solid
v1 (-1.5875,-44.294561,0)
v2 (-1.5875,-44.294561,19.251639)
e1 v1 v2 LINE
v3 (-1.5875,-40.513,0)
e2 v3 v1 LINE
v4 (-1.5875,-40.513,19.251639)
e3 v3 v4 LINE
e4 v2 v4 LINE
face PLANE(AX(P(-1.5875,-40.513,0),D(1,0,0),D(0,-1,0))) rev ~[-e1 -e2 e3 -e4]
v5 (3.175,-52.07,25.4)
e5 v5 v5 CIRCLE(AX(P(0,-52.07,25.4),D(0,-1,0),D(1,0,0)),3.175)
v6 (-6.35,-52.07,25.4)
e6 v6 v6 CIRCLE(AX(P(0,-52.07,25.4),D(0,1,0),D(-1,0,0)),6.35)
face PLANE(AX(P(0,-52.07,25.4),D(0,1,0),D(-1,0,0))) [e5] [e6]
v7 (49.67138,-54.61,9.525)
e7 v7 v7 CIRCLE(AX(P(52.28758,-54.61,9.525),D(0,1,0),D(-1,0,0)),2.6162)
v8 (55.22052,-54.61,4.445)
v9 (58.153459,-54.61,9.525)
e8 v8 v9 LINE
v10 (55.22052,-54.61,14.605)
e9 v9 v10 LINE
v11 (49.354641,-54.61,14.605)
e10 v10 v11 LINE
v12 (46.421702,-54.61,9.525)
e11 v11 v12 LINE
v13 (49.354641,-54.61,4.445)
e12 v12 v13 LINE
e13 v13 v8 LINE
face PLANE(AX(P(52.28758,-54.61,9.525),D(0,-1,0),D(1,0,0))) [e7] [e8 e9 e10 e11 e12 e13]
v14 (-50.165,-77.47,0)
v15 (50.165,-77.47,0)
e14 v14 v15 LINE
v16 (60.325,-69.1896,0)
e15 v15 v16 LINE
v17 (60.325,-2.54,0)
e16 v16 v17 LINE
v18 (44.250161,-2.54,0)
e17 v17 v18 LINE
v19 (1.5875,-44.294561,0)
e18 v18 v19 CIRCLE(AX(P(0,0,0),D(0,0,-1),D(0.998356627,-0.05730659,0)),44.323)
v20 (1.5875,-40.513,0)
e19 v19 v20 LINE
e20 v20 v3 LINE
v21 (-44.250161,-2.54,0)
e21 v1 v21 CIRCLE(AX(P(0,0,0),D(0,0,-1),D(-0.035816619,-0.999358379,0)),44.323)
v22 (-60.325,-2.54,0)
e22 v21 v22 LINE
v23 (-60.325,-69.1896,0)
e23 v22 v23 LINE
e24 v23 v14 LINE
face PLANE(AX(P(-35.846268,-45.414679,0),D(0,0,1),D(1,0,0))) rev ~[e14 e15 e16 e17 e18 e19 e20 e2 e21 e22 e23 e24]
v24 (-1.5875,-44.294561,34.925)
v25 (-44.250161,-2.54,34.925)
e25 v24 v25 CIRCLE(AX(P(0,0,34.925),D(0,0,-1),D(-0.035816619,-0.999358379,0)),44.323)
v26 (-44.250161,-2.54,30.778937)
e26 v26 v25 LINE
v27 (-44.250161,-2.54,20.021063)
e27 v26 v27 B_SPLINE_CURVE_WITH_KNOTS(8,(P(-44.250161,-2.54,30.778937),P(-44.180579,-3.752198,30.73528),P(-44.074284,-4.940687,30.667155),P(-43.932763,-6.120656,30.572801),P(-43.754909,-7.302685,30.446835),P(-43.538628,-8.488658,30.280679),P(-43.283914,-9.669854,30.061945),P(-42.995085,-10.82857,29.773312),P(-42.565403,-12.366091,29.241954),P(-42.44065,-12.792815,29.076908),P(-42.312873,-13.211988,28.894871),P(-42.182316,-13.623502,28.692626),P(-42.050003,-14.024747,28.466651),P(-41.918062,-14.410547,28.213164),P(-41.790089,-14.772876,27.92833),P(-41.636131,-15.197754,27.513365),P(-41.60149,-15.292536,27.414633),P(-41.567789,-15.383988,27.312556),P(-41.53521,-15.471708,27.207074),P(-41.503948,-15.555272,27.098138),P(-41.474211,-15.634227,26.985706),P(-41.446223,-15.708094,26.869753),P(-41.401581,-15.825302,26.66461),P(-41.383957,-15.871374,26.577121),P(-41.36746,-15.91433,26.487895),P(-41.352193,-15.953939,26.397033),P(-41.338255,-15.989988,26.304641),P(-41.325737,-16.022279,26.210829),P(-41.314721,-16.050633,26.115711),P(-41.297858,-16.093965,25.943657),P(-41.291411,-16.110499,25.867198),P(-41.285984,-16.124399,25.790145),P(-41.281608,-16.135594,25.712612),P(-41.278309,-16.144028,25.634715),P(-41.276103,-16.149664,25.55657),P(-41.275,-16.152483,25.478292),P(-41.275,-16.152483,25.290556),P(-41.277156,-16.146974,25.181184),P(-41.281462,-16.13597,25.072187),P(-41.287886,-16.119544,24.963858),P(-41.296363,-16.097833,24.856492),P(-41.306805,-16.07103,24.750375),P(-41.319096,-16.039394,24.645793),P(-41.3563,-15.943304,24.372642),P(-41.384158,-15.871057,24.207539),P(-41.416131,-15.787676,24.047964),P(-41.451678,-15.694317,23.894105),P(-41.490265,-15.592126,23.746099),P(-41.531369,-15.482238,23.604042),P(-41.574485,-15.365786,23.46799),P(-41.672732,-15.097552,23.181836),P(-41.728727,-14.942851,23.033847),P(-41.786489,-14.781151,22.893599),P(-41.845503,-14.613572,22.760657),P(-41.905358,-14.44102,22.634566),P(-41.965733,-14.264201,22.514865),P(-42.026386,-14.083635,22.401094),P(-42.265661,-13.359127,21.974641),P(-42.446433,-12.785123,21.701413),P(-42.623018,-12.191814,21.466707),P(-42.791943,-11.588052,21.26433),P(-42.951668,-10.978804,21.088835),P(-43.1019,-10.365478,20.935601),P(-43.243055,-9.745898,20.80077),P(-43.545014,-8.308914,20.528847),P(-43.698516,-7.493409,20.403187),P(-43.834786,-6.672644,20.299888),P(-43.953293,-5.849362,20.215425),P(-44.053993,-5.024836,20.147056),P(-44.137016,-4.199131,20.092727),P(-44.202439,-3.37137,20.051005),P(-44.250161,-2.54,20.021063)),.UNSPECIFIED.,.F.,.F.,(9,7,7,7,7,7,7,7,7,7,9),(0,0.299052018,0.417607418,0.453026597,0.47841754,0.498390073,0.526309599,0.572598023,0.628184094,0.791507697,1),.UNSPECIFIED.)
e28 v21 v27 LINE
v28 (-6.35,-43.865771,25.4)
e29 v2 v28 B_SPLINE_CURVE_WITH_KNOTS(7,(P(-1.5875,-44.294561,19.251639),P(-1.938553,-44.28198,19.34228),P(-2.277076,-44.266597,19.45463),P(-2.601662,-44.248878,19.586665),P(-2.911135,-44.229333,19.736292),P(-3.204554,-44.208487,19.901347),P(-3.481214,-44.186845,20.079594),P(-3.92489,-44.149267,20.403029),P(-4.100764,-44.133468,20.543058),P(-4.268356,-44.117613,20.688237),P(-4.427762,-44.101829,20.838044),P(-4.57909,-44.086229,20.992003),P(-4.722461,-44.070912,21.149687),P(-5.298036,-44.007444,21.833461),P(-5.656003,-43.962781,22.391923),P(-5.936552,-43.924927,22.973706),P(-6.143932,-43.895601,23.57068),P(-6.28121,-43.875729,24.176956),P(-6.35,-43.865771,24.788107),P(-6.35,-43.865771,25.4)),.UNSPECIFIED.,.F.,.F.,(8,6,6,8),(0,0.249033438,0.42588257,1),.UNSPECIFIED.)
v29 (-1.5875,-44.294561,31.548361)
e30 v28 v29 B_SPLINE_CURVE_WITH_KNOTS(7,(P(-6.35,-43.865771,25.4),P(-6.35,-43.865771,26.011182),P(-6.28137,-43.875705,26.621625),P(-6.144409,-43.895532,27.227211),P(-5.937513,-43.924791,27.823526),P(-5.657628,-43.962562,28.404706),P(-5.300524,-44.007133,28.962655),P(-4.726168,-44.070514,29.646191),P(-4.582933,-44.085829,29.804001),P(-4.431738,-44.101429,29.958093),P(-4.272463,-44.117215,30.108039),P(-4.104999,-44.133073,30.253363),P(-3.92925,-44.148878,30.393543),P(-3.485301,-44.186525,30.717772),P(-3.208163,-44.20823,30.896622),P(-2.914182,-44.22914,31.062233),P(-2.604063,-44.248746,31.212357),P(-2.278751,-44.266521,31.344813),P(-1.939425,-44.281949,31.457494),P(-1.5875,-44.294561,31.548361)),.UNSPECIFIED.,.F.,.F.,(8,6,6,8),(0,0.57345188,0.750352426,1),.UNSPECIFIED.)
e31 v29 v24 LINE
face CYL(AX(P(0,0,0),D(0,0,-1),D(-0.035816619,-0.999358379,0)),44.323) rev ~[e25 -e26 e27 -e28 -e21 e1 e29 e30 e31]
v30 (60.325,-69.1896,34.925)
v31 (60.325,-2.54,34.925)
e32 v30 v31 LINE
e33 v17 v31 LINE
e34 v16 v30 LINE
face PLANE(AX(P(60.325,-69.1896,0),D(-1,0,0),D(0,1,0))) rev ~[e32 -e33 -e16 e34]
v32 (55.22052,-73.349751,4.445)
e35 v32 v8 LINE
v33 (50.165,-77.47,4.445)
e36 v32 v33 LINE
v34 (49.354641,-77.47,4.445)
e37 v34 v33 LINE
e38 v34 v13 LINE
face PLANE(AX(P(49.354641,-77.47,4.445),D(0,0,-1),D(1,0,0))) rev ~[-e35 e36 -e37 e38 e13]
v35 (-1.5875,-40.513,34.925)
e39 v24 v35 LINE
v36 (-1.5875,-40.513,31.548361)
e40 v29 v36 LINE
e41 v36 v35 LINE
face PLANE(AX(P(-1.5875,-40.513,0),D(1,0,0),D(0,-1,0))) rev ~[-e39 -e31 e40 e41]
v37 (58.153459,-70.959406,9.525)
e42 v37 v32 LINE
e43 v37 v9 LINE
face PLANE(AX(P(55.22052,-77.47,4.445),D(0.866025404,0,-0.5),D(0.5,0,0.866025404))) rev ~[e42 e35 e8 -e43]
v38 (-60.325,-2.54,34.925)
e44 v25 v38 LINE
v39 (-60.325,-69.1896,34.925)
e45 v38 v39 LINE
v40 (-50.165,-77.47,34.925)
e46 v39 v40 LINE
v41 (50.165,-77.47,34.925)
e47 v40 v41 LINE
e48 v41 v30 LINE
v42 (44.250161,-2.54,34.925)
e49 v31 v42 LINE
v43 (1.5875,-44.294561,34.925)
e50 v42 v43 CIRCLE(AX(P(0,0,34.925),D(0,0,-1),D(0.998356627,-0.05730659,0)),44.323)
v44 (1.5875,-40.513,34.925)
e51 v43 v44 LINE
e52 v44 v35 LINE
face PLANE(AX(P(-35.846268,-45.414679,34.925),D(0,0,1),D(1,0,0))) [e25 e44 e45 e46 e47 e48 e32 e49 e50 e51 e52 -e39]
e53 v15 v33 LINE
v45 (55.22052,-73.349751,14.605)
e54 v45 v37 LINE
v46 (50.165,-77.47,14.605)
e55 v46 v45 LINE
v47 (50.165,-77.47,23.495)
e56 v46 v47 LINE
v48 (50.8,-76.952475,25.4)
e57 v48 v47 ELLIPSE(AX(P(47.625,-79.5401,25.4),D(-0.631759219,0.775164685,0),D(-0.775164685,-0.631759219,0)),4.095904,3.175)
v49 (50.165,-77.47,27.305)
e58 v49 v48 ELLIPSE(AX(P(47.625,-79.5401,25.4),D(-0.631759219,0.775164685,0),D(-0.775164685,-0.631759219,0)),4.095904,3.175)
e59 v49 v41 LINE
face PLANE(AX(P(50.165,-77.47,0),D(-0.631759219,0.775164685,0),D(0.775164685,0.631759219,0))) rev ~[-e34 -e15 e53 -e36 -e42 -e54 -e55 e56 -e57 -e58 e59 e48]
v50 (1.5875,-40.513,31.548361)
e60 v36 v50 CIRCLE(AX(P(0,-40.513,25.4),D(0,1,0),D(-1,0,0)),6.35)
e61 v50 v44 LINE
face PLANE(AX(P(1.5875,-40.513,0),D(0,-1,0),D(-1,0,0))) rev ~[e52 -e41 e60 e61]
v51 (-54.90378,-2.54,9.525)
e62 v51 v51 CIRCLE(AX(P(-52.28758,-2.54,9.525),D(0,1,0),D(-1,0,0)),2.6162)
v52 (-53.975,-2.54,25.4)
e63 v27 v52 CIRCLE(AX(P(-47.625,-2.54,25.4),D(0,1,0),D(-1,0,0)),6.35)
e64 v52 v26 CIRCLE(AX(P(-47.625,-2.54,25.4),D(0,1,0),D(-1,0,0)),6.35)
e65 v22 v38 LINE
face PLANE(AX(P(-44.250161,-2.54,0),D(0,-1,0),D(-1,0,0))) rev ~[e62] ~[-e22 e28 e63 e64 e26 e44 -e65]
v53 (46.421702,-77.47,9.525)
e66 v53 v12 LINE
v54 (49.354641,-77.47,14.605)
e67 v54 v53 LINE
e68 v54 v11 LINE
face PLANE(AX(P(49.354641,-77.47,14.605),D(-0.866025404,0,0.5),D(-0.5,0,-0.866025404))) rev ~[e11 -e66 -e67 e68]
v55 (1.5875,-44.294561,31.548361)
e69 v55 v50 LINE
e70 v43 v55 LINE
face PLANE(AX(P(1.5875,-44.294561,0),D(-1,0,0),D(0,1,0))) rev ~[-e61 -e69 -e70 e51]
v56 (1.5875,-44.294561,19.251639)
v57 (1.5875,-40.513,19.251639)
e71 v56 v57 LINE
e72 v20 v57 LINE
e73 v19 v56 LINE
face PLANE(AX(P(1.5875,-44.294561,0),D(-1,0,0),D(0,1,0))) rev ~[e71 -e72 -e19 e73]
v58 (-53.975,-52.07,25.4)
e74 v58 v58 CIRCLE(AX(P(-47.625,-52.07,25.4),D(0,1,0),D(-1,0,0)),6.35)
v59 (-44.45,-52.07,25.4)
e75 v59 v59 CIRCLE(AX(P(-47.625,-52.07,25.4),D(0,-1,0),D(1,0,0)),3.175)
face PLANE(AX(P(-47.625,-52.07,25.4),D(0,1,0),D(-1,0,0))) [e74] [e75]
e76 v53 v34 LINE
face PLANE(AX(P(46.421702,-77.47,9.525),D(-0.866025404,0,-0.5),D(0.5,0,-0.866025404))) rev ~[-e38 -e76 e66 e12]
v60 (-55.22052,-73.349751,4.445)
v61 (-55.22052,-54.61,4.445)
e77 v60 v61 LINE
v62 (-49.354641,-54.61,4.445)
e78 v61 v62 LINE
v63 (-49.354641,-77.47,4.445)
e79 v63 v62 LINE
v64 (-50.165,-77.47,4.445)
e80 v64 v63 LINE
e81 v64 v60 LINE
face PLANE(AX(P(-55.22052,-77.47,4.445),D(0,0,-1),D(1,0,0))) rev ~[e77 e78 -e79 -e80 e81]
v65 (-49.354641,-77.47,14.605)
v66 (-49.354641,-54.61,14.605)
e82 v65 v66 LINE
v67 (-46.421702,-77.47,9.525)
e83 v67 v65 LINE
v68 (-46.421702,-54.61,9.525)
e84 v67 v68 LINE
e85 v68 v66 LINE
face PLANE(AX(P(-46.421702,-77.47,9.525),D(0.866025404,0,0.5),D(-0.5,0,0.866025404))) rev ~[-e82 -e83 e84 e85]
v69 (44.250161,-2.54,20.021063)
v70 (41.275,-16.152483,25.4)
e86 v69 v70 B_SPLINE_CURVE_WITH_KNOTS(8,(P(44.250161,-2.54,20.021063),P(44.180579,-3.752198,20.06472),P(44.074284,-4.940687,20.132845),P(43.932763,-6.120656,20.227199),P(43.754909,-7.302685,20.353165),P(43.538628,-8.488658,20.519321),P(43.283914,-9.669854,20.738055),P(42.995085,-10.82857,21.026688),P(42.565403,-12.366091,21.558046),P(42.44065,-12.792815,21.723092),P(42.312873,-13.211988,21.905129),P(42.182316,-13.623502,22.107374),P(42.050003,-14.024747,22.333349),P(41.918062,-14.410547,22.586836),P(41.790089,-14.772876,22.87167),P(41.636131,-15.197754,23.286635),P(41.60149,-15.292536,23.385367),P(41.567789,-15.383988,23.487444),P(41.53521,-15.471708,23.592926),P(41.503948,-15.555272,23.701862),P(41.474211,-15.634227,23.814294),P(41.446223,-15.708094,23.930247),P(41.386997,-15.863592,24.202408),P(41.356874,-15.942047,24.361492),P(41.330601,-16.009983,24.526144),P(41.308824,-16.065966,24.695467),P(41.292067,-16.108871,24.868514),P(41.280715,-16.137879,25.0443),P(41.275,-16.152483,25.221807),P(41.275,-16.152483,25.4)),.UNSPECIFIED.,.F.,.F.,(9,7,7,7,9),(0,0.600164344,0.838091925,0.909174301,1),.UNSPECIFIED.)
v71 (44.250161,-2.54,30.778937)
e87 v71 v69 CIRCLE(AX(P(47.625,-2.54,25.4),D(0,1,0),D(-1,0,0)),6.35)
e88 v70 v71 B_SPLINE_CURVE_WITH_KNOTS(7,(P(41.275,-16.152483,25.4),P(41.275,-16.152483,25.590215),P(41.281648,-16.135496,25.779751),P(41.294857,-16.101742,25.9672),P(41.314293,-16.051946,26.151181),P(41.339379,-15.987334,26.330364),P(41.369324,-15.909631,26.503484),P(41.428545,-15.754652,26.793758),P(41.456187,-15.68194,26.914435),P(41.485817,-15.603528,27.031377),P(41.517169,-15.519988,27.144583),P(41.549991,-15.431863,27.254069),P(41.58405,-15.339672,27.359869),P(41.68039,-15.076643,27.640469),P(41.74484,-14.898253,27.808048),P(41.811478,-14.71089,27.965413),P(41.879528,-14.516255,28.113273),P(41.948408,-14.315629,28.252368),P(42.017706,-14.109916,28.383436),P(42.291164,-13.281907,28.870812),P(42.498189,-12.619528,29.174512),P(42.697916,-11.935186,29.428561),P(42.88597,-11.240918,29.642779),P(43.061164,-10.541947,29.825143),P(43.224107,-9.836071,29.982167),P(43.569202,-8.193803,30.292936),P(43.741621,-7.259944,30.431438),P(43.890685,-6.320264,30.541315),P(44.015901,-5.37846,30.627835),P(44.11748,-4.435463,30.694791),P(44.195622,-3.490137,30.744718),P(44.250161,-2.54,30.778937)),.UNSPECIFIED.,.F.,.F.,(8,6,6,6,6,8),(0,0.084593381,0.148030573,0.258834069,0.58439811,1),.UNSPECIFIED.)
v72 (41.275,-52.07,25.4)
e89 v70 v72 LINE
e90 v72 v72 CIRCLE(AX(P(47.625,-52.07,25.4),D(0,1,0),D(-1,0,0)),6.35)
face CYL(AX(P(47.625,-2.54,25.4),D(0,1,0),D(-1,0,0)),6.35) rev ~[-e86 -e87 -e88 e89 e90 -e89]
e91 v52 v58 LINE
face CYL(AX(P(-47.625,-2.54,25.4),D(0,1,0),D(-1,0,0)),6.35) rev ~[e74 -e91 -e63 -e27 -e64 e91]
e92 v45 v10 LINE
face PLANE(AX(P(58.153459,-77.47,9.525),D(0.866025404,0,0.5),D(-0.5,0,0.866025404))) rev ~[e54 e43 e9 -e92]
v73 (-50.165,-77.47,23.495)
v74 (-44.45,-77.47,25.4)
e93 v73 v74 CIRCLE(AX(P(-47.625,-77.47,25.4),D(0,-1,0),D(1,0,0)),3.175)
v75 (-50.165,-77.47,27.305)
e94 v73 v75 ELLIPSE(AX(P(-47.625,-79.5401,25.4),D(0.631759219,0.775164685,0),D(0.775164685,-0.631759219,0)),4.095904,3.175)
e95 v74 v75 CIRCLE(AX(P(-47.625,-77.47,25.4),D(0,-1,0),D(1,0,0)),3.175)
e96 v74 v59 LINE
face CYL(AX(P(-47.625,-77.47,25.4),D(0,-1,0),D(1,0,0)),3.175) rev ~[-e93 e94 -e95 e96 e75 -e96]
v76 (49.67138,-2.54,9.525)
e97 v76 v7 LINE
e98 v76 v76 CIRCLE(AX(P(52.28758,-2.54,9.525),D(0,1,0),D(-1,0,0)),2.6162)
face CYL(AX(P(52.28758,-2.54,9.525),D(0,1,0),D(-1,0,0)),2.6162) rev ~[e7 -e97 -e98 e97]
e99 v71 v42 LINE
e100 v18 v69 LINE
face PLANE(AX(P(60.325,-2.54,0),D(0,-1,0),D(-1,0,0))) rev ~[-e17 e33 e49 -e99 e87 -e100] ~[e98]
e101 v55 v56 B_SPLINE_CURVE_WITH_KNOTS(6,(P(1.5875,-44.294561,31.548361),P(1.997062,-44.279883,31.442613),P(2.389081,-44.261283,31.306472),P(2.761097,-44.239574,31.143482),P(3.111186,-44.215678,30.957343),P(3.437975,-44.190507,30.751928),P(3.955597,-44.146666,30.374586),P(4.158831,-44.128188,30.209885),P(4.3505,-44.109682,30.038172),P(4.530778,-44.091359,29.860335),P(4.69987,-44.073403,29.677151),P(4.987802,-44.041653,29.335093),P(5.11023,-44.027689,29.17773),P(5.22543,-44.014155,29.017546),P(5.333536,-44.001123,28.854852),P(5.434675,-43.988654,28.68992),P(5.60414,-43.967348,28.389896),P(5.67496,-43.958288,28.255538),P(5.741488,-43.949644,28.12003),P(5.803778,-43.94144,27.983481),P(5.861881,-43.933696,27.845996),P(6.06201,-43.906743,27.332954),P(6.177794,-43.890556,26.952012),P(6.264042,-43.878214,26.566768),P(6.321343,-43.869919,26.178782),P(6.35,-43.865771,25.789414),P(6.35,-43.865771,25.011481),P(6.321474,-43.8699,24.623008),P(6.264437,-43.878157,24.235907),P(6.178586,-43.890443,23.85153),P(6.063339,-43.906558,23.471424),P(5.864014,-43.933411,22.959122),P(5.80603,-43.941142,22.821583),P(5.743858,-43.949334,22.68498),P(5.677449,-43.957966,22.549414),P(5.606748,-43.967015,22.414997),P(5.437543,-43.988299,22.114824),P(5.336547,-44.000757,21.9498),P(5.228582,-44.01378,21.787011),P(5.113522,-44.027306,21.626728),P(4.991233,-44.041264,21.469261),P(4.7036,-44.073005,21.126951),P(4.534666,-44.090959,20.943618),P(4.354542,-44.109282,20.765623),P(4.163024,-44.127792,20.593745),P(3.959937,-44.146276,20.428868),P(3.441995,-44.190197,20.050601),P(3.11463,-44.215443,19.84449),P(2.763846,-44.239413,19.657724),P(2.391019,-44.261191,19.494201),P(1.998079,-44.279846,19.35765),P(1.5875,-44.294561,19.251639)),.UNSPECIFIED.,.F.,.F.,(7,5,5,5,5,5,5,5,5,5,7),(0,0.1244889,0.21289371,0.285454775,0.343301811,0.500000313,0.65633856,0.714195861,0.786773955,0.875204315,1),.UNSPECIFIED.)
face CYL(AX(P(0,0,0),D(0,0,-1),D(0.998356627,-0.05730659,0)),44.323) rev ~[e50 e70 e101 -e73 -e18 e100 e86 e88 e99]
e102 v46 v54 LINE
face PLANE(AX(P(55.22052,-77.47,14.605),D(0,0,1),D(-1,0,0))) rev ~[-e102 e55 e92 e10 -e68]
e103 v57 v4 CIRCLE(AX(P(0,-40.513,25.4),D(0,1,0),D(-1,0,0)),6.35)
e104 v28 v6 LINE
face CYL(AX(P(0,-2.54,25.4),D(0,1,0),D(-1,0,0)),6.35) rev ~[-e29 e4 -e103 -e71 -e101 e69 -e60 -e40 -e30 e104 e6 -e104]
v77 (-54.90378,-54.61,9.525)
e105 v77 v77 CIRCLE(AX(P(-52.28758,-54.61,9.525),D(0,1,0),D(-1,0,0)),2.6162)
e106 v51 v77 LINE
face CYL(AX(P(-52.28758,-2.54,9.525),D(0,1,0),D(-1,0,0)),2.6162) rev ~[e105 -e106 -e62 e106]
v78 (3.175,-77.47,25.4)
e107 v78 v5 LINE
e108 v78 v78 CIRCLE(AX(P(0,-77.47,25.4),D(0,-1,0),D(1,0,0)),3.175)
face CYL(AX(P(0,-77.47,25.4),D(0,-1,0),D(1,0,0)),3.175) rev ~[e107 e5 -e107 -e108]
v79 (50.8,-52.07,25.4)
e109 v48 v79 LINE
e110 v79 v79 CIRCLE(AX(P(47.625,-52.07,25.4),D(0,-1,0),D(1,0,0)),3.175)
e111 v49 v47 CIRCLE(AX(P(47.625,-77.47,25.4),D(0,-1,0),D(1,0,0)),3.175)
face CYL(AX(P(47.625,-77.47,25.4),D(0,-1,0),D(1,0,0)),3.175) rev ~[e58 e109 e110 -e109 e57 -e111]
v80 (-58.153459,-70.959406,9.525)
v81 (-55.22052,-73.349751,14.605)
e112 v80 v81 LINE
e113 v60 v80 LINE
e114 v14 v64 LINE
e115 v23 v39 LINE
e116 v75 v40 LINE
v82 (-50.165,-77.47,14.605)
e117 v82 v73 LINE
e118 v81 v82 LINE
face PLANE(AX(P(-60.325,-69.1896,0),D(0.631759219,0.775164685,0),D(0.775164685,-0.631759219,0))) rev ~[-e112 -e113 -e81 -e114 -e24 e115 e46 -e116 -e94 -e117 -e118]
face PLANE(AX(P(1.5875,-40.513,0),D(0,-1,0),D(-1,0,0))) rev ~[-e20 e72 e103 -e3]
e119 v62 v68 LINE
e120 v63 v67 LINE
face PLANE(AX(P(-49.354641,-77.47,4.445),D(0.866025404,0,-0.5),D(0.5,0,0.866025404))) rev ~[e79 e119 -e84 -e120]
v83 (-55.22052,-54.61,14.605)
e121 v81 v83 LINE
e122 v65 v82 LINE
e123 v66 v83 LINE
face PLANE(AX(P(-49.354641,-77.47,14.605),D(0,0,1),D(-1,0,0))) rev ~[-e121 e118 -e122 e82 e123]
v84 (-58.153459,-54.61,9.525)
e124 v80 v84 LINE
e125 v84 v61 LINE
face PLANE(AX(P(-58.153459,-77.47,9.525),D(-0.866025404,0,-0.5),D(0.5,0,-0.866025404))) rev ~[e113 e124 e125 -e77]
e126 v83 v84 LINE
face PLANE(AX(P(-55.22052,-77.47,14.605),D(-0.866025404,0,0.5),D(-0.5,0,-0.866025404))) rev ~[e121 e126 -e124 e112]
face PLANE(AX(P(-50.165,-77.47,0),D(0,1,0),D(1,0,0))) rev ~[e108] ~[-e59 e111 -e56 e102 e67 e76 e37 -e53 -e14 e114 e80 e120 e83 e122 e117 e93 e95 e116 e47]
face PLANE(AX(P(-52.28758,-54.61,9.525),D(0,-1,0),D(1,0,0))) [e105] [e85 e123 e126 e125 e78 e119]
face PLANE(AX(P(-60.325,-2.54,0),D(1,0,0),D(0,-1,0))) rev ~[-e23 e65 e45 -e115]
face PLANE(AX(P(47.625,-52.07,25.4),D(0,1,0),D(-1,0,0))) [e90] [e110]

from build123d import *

# Parameters (mm, degrees)
F1_DEPTH  = 34.925
F2_R      = 2.6162
F3_DEPTH  = 74.931
F4_R      = 2.6162
F5_DEPTH  = 74.931
F6_R      = 3.175
F7_DEPTH  = 74.931
F8_R      = 6.35
F9_DEPTH  = 49.53
F11_DEPTH = 22.86
F13_DEPTH = 2.54


with BuildPart() as f1:
    # F0 (on Top) → F1 (new body)
    with BuildSketch(Plane.XY):
        with BuildLine():
            ThreePointArc((-1.5875, -44.2945614354), (-31.002155354, -31.6764059262), (-44.2501607794, -2.54))
            Line((-44.2501607794, -2.54), (-60.325, -2.54))
            Line((-60.325, -2.54), (-60.325, -69.1896))
            Line((-60.325, -69.1896), (-50.165, -77.47))
            Line((-50.165, -77.47), (-1.5875, -77.47))
            Line((-1.5875, -77.47), (-1.5875, -44.2945614354))
        make_face()
        Polygon((-1.5875, -40.513), (-1.5875, -44.2945614354), (-1.5875, -77.47), (1.5875, -77.47), (1.5875, -44.2945614354), (1.5875, -40.513), align=None)
        with BuildLine():
            Line((1.5875, -44.2945614354), (1.5875, -77.47))
            Line((1.5875, -77.47), (50.165, -77.47))
            Line((50.165, -77.47), (60.325, -69.1896))
            Line((60.325, -69.1896), (60.325, -2.54))
            Line((60.325, -2.54), (44.2501607794, -2.54))
            ThreePointArc((44.2501607794, -2.54), (31.002155354, -31.6764059262), (1.5875, -44.2945614354))
        make_face()
    extrude(amount=F1_DEPTH)

    # F2 (on face) → F3 (cut, through all)
    with BuildSketch(Plane(origin=(0, -2.54, 0), x_dir=(-1, 0, 0), z_dir=(0, 1, 0))):
        with Locations((-52.2875803897, 9.525)):
            Circle(F2_R)
    extrude(amount=-F3_DEPTH, mode=Mode.SUBTRACT)

    # F4 (on face) → F5 (cut, through all)
    with BuildSketch(Plane(origin=(0, -2.54, 0), x_dir=(-1, 0, 0), z_dir=(0, 1, 0))):
        with Locations((52.2875803897, 9.525)):
            Circle(F4_R)
    extrude(amount=-F5_DEPTH, mode=Mode.SUBTRACT)

    # F6 (on face) → F7 (cut, through all)
    with BuildSketch(Plane.XZ.offset(77.47)):
        with Locations((-47.625, 25.4)):
            Circle(F6_R)
        with Locations((47.625, 25.4)):
            Circle(F6_R)
        with Locations((0, 25.4)):
            Circle(F6_R)
    extrude(amount=-F7_DEPTH, mode=Mode.SUBTRACT)

    # F8 (on face) → F9 (cut)
    with BuildSketch(Plane(origin=(0, -2.54, 0), x_dir=(-1, 0, 0), z_dir=(0, 1, 0))):
        with Locations((-47.625, 25.4)):
            Circle(F8_R)
        with Locations((0, 25.4)):
            Circle(F8_R)
        with Locations((47.625, 25.4)):
            Circle(F8_R)
    extrude(amount=-F9_DEPTH, mode=Mode.SUBTRACT)

    # F10 (on face) → F11 (cut)
    with BuildSketch(Plane.XZ.offset(77.47)):
        Polygon((-49.3546410222, 4.445), (-46.4217016547, 9.525), (-49.3546410222, 14.605), (-55.2205197572, 14.605), (-58.1534591247, 9.525), (-55.2205197572, 4.445), align=None)
        Polygon((49.3546410222, 14.605), (46.4217016547, 9.525), (49.3546410222, 4.445), (55.2205197572, 4.445), (58.1534591247, 9.525), (55.2205197572, 14.605), align=None)
    extrude(amount=-F11_DEPTH, mode=Mode.SUBTRACT)

    # F12 (on face) → F13 (join)
    with BuildSketch(Plane.XY.offset(34.925)):
        Polygon((-1.5875, -41.783), (-1.5875, -44.323), (1.5875, -44.2945614354), (1.5875, -41.783), align=None)
    extrude(amount=-F13_DEPTH)


solid = f1.part
